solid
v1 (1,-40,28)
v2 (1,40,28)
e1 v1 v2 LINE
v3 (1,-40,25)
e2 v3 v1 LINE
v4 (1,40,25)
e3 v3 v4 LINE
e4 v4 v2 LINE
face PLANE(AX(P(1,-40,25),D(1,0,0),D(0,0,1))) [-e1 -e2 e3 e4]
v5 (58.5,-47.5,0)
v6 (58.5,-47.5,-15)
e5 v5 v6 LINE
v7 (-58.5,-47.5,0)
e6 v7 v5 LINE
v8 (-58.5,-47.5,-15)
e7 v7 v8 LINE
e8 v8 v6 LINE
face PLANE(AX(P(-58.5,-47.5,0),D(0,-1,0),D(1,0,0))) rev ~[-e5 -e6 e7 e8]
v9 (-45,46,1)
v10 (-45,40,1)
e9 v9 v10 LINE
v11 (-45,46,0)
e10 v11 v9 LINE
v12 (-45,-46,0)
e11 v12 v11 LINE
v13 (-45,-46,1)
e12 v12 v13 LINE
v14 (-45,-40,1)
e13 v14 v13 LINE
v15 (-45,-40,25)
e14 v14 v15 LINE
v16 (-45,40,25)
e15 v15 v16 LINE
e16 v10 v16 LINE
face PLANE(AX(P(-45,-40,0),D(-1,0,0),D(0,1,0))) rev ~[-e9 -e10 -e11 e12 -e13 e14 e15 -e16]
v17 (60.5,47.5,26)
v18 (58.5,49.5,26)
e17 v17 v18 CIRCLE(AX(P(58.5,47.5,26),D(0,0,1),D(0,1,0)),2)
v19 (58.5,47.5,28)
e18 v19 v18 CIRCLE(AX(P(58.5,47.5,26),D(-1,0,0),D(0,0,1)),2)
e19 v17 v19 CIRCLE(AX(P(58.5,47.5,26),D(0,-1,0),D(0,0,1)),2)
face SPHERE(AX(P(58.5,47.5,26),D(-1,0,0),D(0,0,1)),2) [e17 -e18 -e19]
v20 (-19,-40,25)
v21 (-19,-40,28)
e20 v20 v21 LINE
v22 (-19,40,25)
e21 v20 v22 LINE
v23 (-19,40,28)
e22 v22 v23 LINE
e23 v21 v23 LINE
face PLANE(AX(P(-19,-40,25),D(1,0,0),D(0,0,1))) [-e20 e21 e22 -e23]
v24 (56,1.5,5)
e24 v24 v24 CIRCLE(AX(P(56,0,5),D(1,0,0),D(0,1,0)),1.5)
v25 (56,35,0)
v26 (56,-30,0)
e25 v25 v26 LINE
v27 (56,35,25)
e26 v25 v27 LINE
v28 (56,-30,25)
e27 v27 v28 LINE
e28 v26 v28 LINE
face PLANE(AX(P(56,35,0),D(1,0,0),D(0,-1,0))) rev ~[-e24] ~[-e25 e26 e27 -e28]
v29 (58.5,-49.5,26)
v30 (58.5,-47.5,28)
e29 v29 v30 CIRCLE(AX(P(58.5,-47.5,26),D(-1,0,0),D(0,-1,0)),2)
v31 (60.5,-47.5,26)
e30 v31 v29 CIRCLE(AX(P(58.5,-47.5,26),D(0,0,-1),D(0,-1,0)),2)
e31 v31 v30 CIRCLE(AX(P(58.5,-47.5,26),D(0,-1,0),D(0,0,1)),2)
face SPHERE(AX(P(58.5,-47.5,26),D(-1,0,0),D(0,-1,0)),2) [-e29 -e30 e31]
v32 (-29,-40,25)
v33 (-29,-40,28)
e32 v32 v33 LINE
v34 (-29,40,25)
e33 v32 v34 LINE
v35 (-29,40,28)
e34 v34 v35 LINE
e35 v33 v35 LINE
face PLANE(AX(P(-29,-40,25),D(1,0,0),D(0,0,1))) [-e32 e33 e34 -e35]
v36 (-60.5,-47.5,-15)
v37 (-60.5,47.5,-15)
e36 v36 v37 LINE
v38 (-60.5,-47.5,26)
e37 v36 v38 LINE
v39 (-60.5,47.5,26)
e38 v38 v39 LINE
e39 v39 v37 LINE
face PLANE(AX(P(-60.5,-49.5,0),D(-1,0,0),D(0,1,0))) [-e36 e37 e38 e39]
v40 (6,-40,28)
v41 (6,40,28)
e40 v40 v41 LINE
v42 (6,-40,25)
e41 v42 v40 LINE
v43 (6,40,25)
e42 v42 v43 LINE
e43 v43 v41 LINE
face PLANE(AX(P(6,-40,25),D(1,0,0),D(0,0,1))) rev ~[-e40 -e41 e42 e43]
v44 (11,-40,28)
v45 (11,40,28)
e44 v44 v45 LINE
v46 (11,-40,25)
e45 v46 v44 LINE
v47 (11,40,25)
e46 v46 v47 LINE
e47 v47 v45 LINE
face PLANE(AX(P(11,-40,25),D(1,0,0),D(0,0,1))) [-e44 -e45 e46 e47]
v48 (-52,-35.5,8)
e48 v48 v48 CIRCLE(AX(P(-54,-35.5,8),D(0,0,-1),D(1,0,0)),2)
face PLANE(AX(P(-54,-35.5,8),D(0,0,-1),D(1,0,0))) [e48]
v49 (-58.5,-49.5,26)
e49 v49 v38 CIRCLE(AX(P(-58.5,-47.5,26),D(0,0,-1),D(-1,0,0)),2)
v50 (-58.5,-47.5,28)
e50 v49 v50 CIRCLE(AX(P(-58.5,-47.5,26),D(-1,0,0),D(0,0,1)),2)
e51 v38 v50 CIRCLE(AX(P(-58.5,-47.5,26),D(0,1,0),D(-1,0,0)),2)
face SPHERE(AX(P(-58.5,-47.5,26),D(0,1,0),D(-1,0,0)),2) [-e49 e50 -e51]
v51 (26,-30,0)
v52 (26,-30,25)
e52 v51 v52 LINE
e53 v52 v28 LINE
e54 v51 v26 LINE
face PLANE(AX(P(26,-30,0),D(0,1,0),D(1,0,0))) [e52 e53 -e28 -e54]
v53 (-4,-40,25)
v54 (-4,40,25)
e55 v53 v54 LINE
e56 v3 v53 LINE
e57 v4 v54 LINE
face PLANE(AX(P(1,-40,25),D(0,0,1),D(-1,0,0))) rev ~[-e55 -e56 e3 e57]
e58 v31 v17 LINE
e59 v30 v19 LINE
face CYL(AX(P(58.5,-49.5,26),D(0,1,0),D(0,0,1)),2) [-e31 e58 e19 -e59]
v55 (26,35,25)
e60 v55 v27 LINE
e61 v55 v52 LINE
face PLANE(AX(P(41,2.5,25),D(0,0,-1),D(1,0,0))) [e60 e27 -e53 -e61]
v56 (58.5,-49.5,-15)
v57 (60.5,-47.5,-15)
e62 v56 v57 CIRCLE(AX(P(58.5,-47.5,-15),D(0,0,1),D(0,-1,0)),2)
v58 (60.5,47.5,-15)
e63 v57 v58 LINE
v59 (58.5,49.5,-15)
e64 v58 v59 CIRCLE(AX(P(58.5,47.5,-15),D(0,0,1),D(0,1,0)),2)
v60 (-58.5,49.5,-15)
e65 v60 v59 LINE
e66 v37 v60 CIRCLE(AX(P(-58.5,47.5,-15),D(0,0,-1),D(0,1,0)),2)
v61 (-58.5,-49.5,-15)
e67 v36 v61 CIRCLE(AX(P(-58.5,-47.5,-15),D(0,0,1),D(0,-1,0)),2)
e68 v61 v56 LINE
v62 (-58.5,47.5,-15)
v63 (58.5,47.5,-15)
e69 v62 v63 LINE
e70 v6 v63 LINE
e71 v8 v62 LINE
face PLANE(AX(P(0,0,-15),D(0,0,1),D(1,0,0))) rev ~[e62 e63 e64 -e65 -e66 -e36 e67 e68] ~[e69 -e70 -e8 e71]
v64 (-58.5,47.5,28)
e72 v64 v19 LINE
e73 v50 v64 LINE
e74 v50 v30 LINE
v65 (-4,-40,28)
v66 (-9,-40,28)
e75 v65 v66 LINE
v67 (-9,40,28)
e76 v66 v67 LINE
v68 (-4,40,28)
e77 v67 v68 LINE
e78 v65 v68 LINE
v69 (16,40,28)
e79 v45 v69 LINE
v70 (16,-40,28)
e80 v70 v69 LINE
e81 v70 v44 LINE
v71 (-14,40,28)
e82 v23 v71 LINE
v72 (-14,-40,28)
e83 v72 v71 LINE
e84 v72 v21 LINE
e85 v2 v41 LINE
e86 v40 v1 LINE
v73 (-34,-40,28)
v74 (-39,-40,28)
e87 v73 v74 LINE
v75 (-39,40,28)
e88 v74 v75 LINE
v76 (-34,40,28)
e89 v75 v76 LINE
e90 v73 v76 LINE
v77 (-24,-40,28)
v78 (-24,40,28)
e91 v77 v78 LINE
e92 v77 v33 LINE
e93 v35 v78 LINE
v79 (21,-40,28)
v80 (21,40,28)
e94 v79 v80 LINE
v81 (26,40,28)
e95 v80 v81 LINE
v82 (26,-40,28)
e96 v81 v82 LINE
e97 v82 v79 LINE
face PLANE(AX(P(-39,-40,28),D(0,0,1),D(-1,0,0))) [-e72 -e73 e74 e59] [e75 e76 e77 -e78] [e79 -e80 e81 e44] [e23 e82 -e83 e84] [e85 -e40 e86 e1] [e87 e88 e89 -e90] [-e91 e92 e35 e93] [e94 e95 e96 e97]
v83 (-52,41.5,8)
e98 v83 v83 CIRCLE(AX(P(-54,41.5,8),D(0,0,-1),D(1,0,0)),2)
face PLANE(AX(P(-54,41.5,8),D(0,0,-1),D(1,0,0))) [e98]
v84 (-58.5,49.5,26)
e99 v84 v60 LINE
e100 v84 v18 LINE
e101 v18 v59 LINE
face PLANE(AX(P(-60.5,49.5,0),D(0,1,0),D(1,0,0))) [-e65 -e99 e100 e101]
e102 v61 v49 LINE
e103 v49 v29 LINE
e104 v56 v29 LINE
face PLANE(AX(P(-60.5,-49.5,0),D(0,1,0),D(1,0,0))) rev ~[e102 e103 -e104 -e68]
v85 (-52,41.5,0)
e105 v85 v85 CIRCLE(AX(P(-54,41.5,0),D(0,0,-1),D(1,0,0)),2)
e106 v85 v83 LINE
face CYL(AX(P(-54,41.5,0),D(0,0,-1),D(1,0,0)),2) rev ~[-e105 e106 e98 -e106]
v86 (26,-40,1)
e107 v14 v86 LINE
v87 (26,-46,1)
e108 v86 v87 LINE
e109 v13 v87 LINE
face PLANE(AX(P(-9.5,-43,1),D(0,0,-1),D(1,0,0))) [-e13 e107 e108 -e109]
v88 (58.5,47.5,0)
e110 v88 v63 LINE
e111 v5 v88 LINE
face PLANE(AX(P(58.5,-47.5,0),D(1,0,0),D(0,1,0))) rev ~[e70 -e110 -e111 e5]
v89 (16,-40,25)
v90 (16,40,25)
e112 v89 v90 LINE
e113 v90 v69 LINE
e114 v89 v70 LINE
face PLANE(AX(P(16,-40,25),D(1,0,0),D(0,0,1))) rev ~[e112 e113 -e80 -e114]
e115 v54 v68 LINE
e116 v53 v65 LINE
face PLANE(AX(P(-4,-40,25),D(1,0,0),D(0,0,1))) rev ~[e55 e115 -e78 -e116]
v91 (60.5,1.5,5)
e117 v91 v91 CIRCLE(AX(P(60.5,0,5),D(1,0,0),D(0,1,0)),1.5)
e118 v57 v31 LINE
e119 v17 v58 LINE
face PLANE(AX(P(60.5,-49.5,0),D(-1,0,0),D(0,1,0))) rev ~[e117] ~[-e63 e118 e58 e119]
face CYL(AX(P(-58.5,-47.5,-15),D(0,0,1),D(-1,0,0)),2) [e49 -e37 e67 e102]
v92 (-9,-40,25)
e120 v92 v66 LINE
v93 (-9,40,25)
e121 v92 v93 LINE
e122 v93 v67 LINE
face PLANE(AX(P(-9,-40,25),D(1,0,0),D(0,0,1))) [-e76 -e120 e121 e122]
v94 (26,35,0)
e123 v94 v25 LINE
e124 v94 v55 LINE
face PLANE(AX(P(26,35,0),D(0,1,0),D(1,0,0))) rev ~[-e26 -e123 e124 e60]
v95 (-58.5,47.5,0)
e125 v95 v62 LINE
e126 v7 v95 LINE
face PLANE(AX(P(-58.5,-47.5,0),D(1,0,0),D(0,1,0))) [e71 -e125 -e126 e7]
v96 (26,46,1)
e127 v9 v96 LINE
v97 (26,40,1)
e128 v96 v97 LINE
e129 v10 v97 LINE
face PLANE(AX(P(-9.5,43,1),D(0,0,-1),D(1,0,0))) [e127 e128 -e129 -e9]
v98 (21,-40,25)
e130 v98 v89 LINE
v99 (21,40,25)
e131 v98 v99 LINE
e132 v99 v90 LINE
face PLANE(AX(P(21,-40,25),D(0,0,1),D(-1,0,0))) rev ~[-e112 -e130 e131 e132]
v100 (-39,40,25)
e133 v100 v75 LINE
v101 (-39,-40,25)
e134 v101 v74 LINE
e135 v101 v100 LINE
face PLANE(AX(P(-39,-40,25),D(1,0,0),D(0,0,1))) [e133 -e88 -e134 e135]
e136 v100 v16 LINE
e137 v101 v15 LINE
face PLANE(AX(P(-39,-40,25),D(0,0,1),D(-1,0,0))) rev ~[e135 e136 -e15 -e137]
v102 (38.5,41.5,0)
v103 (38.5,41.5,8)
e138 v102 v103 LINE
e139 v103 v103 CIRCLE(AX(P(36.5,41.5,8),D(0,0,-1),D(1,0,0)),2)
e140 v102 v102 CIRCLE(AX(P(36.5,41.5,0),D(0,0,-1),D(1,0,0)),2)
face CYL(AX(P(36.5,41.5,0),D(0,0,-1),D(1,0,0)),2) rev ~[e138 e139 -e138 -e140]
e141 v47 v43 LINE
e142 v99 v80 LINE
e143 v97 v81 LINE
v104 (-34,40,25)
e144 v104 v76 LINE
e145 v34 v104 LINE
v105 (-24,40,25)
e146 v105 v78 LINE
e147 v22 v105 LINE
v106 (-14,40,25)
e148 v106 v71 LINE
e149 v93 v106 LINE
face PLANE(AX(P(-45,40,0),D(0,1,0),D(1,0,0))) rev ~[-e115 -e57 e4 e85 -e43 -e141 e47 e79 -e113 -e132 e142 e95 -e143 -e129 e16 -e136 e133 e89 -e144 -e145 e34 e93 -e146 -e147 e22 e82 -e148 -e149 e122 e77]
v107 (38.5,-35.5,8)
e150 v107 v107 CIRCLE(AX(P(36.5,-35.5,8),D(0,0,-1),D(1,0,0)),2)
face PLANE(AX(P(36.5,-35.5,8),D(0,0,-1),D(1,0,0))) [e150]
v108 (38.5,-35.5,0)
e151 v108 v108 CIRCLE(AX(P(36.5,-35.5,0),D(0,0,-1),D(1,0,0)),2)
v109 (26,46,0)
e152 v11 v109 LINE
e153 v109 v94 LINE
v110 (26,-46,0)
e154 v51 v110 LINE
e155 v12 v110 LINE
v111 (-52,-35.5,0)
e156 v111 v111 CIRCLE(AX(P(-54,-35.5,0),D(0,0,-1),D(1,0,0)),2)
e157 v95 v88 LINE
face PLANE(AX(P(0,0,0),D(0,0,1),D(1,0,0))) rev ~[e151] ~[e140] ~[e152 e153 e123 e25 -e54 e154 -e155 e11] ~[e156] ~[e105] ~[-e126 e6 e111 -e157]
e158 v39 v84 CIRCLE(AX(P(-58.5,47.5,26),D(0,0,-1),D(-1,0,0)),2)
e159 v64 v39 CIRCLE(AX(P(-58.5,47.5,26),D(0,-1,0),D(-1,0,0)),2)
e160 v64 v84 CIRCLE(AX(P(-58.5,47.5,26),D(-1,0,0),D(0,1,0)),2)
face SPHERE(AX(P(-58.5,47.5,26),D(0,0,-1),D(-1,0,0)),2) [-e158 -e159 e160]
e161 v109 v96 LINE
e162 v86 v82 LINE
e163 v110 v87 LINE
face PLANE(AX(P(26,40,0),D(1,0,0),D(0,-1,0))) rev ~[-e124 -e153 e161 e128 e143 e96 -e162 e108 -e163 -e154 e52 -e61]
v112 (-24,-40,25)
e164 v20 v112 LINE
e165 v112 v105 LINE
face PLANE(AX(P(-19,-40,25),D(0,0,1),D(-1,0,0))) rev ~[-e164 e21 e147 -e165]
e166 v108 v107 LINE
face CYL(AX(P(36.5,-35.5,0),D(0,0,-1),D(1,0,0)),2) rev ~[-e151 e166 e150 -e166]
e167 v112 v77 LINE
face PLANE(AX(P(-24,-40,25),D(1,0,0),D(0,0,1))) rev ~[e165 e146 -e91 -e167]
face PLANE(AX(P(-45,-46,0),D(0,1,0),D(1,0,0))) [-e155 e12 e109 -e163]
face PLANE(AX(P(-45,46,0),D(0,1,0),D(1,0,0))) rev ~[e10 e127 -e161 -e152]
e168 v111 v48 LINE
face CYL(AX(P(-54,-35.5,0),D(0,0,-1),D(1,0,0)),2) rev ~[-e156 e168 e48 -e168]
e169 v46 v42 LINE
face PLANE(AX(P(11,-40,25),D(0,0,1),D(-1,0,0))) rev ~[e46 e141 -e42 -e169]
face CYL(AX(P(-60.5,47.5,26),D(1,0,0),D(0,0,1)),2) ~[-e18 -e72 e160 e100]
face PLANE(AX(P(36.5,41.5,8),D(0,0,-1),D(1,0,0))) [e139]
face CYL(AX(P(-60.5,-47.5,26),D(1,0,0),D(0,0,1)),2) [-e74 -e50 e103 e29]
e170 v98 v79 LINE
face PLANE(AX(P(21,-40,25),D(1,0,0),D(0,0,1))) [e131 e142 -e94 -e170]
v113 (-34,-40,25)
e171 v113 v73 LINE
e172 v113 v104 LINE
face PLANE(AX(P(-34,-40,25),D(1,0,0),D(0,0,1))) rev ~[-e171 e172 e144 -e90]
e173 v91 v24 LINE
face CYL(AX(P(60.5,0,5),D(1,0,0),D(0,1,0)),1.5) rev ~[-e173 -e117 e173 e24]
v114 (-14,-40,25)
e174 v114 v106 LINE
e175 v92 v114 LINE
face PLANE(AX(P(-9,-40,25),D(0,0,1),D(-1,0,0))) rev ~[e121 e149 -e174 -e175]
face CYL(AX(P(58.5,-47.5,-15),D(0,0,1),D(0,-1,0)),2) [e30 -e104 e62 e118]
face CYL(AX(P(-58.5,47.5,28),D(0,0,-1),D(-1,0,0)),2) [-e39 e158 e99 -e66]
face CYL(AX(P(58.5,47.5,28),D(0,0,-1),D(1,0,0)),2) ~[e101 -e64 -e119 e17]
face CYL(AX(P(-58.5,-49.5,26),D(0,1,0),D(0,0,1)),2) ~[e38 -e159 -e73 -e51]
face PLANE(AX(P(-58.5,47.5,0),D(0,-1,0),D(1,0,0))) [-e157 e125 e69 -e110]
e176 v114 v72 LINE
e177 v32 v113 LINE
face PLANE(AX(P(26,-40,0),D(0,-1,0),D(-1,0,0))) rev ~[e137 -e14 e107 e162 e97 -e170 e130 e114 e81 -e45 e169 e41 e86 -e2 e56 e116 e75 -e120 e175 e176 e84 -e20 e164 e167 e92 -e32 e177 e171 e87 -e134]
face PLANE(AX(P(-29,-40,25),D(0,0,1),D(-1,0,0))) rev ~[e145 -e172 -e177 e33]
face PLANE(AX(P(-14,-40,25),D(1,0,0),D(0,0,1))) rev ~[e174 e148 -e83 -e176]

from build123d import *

# Parameters (mm, degrees)
F0_W      = 121
F0_H      = 99
F0_W_2    = 117
F0_H_2    = 95
F1_DEPTH  = 15
F2_W      = 121
F2_H      = 99
F3_DEPTH  = 28
F4_R      = 2
F5_DEPTH  = 8
F6_W      = 6
F6_H      = 3
F6_W_2    = 5
F7_DEPTH  = 80
F8_W      = 71
F8_H      = 6
F9_DEPTH  = 1
F10_W     = 30
F10_H     = 65
F11_DEPTH = 25
F12_R     = 2
F13_R     = 1.5
F14_DEPTH = 4.5


with BuildPart() as f1:
    # F0 (on Top) → F1 (new body)
    with BuildSketch(Plane.XY):
        Rectangle(F0_W, F0_H)
        Rectangle(F0_W_2, F0_H_2, mode=Mode.SUBTRACT)
    extrude(amount=-F1_DEPTH)

    # F2 (on face) → F3 (join)
    with BuildSketch(Plane.XY):
        Rectangle(F2_W, F2_H)
        Polygon((-35, 40), (26, 40), (26, -40), (-35, -40), (-45, -40), (-45, 40), align=None, mode=Mode.SUBTRACT)
    extrude(amount=F3_DEPTH)

    # F4 (on face) → F5 (cut)
    with BuildSketch(Plane(origin=(0, 0, 0), x_dir=(1, 0, 0), z_dir=(0, 0, -1))):
        with Locations((-54, 35.5)):
            Circle(F4_R)
        with Locations((-54, -41.5)):
            Circle(F4_R)
        with Locations((36.5, 35.5)):
            Circle(F4_R)
        with Locations((36.5, -41.5)):
            Circle(F4_R)
    extrude(amount=-F5_DEPTH, mode=Mode.SUBTRACT)

    # F6 (on face) → F7 (join, through all)
    with BuildSketch(Plane(origin=(0, -40, 0), x_dir=(-1, 0, 0), z_dir=(0, 1, 0))):
        with Locations((42, 26.5)):
            Rectangle(F6_W, F6_H)
        with Locations((31.5, 26.5)):
            Rectangle(F6_W_2, F6_H)
        with Locations((21.5, 26.5)):
            Rectangle(F6_W_2, F6_H)
        with Locations((11.5, 26.5)):
            Rectangle(F6_W_2, F6_H)
        with Locations((1.5, 26.5)):
            Rectangle(F6_W_2, F6_H)
        with Locations((-8.5, 26.5)):
            Rectangle(F6_W_2, F6_H)
        with Locations((-18.5, 26.5)):
            Rectangle(F6_W_2, F6_H)
    extrude(amount=F7_DEPTH)

    # F8 (on face) → F9 (cut)
    with BuildSketch(Plane(origin=(0, 0, 0), x_dir=(1, 0, 0), z_dir=(0, 0, -1))):
        with Locations((-9.5, 43)):
            Rectangle(F8_W, F8_H)
        with Locations((-9.5, -43)):
            Rectangle(F8_W, F8_H)
    extrude(amount=-F9_DEPTH, mode=Mode.SUBTRACT)

    # F10 (on face) → F11 (cut)
    with BuildSketch(Plane(origin=(0, 0, 0), x_dir=(1, 0, 0), z_dir=(0, 0, -1))):
        with Locations((41, -2.5)):
            Rectangle(F10_W, F10_H)
    extrude(amount=-F11_DEPTH, mode=Mode.SUBTRACT)

    # F12
    f12_edges = [f1.edges().sort_by_distance(p)[0] for p in [
        (-60.5, 49.5, 6.5),
        (-60.5, 0, 28),
        (0, 49.5, 28),
        (-60.5, -49.5, 6.5),
        (0, -49.5, 28),
        (60.5, -49.5, 6.5),
        (60.5, 0, 28),
        (60.5, 49.5, 6.5),
    ]]
    fillet(f12_edges, radius=F12_R)

    # F13 (on face) → F14 (cut, through all)
    with BuildSketch(Plane.YZ.offset(60.5)):
        with Locations((0, 5)):
            Circle(F13_R)
    extrude(amount=-F14_DEPTH, mode=Mode.SUBTRACT)


solid = f1.part
